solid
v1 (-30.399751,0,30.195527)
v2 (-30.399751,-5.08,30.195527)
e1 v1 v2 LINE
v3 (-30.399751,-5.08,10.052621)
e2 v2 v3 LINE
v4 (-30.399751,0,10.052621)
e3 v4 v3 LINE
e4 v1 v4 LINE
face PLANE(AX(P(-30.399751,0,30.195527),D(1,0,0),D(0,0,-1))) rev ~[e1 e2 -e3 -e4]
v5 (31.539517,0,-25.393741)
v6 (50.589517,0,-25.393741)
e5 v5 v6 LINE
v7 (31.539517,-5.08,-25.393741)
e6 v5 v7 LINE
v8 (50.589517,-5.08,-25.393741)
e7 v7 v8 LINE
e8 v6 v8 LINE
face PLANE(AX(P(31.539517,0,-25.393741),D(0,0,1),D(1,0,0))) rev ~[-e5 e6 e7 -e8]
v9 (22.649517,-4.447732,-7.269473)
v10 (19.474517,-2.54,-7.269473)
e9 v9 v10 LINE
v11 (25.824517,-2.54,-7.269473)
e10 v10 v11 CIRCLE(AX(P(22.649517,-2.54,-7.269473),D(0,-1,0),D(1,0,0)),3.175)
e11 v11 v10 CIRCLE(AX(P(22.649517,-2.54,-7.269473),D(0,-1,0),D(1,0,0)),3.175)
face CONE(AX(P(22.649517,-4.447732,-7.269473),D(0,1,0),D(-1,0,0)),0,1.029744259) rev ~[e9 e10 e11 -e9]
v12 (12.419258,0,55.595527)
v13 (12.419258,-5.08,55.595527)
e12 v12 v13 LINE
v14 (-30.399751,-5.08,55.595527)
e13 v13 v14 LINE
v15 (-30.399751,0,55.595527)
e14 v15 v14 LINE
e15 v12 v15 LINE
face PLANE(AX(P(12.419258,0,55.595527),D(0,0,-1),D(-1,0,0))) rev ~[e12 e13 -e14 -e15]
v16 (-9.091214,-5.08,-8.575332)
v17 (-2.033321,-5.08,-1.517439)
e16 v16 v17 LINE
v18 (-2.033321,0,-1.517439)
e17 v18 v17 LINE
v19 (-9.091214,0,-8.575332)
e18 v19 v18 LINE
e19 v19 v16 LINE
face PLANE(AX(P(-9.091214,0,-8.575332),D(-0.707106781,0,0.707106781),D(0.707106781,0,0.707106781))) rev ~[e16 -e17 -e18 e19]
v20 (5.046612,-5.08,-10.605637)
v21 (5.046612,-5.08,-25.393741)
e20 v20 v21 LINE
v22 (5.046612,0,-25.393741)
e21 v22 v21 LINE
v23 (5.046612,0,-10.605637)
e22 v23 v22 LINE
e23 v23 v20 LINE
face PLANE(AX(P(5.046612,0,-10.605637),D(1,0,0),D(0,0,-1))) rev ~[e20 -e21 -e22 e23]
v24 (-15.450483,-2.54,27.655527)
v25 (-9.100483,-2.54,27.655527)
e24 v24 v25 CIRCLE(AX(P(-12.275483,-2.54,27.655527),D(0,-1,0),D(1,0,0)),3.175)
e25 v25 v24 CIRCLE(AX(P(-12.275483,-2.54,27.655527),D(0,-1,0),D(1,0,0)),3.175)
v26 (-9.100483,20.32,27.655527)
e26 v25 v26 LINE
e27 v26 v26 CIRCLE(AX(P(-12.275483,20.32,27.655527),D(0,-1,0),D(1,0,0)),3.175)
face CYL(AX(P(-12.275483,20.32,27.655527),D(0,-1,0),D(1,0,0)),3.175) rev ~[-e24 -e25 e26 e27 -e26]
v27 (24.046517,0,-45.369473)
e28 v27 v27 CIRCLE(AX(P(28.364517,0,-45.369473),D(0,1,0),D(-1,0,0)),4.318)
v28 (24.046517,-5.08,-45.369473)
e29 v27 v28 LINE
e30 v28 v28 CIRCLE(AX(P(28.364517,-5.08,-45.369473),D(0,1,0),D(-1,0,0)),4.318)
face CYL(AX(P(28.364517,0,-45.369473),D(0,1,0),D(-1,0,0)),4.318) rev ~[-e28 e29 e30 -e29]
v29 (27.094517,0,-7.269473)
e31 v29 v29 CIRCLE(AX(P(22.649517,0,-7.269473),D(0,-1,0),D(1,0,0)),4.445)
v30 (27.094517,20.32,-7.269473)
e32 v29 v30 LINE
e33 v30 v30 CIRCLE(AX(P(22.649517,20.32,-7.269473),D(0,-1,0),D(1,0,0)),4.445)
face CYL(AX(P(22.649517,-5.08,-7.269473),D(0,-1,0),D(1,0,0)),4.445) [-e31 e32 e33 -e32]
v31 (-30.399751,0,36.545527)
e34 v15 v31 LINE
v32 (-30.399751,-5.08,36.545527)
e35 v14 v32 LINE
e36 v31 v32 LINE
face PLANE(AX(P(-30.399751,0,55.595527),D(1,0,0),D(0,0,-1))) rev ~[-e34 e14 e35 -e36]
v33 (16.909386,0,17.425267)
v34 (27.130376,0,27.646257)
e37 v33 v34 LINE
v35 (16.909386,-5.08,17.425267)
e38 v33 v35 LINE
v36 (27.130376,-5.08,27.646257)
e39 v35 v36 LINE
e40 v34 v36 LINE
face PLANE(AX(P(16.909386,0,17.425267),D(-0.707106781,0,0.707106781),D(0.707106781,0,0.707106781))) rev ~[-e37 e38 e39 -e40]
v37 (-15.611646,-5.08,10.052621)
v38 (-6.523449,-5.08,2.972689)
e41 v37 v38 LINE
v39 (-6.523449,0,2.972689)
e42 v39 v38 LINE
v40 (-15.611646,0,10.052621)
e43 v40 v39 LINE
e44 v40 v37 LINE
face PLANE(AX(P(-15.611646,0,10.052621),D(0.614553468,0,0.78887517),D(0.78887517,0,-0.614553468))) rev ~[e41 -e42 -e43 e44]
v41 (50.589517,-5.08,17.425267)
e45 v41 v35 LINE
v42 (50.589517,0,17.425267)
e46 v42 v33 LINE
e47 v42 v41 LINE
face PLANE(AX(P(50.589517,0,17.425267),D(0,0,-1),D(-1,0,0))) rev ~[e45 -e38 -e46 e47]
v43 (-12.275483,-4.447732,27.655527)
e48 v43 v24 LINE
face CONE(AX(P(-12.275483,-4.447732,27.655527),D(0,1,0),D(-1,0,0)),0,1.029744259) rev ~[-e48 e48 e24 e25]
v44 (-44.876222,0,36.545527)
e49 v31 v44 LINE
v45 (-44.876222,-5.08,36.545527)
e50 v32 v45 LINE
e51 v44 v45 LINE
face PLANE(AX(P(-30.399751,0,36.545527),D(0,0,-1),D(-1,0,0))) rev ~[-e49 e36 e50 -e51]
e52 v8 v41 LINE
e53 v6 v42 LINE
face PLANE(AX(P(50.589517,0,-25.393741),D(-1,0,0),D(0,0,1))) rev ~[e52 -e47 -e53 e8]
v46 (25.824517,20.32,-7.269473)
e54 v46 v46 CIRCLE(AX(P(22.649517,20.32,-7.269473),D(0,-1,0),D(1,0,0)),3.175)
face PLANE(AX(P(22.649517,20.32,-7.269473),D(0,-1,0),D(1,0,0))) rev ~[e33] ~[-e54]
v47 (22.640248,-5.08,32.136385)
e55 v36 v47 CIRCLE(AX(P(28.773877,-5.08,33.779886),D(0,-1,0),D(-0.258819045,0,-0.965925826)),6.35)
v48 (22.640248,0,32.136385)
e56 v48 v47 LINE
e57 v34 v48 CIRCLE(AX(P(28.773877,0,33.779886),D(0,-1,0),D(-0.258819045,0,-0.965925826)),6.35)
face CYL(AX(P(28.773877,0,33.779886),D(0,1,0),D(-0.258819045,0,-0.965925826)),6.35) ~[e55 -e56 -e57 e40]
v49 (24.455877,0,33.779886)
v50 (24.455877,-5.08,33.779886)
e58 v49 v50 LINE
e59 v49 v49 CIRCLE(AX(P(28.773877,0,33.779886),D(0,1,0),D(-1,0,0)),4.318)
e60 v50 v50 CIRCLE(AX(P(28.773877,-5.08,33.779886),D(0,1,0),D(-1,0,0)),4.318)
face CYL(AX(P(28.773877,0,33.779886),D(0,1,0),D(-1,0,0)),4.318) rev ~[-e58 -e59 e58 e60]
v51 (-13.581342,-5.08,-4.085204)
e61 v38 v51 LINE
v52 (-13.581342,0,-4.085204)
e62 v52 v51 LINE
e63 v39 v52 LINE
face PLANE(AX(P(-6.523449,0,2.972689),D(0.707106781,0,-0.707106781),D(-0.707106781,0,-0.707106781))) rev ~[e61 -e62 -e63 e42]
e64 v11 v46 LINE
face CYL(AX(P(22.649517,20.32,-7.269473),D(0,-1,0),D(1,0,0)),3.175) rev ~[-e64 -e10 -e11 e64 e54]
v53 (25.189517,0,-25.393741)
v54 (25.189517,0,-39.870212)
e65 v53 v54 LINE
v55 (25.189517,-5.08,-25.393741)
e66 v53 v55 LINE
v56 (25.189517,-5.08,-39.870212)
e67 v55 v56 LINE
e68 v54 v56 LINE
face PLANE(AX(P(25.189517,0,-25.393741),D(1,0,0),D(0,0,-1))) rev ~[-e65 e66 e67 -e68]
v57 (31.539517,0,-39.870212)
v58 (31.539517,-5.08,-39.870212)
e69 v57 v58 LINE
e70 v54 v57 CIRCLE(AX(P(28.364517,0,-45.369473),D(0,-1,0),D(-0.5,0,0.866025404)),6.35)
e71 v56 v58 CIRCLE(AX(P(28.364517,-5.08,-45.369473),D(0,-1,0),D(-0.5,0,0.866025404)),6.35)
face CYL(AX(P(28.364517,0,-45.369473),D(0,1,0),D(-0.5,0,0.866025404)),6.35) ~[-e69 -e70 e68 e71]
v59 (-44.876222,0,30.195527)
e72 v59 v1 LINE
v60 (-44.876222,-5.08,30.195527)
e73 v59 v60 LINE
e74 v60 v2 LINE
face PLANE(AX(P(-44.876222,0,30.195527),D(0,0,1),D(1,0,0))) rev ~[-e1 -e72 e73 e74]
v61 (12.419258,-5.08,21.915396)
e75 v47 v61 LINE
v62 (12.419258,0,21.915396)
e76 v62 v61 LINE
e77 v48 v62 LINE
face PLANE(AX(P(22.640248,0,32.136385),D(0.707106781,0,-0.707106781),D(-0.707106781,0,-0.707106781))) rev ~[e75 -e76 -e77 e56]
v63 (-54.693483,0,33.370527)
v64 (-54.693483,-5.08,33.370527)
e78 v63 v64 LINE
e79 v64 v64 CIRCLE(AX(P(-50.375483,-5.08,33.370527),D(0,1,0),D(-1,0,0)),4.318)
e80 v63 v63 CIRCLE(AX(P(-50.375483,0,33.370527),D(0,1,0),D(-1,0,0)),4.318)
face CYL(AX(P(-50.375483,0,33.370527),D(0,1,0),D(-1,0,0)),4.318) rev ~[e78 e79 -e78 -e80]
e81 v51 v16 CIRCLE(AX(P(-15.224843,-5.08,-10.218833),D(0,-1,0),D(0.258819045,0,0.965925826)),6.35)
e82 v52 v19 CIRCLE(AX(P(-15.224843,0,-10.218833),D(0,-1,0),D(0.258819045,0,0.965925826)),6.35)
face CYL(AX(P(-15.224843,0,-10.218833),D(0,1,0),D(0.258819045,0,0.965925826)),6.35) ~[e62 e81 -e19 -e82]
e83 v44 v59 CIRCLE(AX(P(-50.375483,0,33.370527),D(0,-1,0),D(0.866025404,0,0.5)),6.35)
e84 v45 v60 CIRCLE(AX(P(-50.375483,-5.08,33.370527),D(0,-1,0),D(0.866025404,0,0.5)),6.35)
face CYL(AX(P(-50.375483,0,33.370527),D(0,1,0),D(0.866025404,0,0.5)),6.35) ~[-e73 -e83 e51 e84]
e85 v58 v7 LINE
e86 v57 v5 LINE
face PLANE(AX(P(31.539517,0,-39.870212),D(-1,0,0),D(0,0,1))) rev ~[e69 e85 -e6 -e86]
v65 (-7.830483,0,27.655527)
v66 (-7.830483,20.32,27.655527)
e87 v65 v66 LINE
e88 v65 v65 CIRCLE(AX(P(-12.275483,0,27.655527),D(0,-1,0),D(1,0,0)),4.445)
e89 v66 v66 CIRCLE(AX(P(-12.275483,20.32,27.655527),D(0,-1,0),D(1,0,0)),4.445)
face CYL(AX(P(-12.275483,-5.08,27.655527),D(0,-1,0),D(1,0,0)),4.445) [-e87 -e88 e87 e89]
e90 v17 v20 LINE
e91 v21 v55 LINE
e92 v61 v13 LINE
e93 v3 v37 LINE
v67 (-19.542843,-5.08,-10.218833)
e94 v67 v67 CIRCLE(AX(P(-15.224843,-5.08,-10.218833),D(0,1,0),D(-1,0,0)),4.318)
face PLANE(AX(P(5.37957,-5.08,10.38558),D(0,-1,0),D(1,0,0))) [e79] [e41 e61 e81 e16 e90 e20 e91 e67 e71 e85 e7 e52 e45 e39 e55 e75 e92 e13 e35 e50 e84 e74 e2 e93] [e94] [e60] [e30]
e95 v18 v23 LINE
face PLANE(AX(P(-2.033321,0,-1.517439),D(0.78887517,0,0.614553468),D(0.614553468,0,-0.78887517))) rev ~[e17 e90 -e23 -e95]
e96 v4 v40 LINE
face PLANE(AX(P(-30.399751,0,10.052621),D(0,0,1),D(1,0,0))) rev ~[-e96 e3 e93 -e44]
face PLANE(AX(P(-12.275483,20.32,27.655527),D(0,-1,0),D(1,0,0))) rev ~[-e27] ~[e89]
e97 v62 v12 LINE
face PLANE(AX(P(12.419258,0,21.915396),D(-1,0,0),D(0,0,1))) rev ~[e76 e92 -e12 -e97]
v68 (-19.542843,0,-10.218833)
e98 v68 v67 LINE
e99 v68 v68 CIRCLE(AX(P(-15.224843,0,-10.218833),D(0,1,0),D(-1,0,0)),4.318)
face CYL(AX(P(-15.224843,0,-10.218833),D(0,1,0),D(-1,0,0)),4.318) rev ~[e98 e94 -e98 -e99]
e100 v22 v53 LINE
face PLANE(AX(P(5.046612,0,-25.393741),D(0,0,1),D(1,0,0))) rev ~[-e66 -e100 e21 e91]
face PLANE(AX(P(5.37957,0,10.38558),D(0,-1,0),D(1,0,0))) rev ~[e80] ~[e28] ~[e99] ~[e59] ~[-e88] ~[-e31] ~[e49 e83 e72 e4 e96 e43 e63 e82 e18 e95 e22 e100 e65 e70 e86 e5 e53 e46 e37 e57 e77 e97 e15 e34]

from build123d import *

# Parameters (mm, degrees)
F0_R                 = 4.445
F1_DEPTH             = 5.08
F2_R                 = 4.445
F3_DEPTH             = 25.4
F4_R                 = 4.318
F5_DEPTH             = 25.4
F8_D                 = 6.35
F8_DEPTH             = 22.86
F8_CBORE_D           = 6.35
F8_CBORE_DEPTH       = 12.7
F8_TIP               = 1.9077324654
F8_ON_F7_D           = 6.35
F8_ON_F7_DEPTH       = 22.86
F8_ON_F7_CBORE_D     = 6.35
F8_ON_F7_CBORE_DEPTH = 12.7
F8_ON_F7_TIP         = 1.9077324654


with BuildPart() as f1:
    # F0 (on Front) → F1 (new body)
    with BuildSketch(Plane.XZ):
        with BuildLine():
            Line((16.9093859117, 17.425267489), (27.1303756598, 27.6462572371))
            ThreePointArc((27.1303756598, 27.6462572371), (33.2640046568, 38.2700142946), (22.6402475993, 32.1363852977))
            Line((22.6402475993, 32.1363852977), (12.4192578512, 21.9153955495))
            Line((12.4192578512, 21.9153955495), (12.4192578512, 36.5455265367))
            Line((12.4192578512, 36.5455265367), (12.4192578512, 55.5955265367))
            Line((12.4192578512, 55.5955265367), (-30.3997510844, 55.5955265367))
            Line((-30.3997510844, 55.5955265367), (-30.3997510844, 36.5455265367))
            Line((-30.3997510844, 36.5455265367), (-44.8762217871, 36.5455265367))
            ThreePointArc((-44.8762217871, 36.5455265367), (-56.7254831011, 33.3705265367), (-44.8762217871, 30.1955265367))
            Line((-44.8762217871, 30.1955265367), (-30.3997510844, 30.1955265367))
            Line((-30.3997510844, 30.1955265367), (-30.3997510844, 16.4088443772))
            Line((-30.3997510844, 16.4088443772), (-30.3997510844, 10.0526214838))
            Line((-30.3997510844, 10.0526214838), (-15.6116463411, 10.0526214838))
            Line((-15.6116463411, 10.0526214838), (-6.5234490096, 2.9726886888))
            Line((-6.5234490096, 2.9726886888), (-13.581341862, -4.0852041636))
            ThreePointArc((-13.581341862, -4.0852041636), (-19.714970859, -14.7089612211), (-9.0912138015, -8.5753322242))
            Line((-9.0912138015, -8.5753322242), (-2.033320949, -1.5174393717))
            Line((-2.033320949, -1.5174393717), (5.046611846, -10.6056367033))
            Line((5.046611846, -10.6056367033), (5.046611846, -25.3937414465))
            Line((5.046611846, -25.3937414465), (11.4028347394, -25.3937414465))
            Line((11.4028347394, -25.3937414465), (25.1895168989, -25.3937414465))
            Line((25.1895168989, -25.3937414465), (25.1895168989, -39.8702121492))
            ThreePointArc((25.1895168989, -39.8702121492), (28.3645168989, -51.7194734633), (31.5395168989, -39.8702121492))
            Line((31.5395168989, -39.8702121492), (31.5395168989, -25.3937414465))
            Line((31.5395168989, -25.3937414465), (50.5895168989, -25.3937414465))
            Line((50.5895168989, -25.3937414465), (50.5895168989, 17.425267489))
            Line((50.5895168989, 17.425267489), (31.5395168989, 17.425267489))
            Line((31.5395168989, 17.425267489), (16.9093859117, 17.425267489))
        make_face()
        with Locations((22.6495168989, -7.2694734633)):
            Circle(F0_R, mode=Mode.SUBTRACT)
        with Locations((-12.2754831011, 27.6555265367)):
            Circle(F0_R, mode=Mode.SUBTRACT)
    extrude(amount=F1_DEPTH)

    # F2 (on face) → F3 (join)
    with BuildSketch(Plane.XZ.offset(5.08)):
        with Locations((-12.2754831011, 27.6555265367)):
            Circle(F2_R)
        with Locations((22.6495168989, -7.2694734633)):
            Circle(F2_R)
    extrude(amount=-F3_DEPTH)

    # F4 (on face) → F5 (cut)
    with BuildSketch(Plane(origin=(0, 0, 0), x_dir=(-1, 0, 0), z_dir=(0, 1, 0))):
        with Locations((-28.7738765962, 33.7798862341)):
            Circle(F4_R)
        with Locations((15.2248427984, -10.2188331606)):
            Circle(F4_R)
        with Locations((50.3754831011, 33.3705265367)):
            Circle(F4_R)
        with Locations((-28.3645168989, -45.3694734633)):
            Circle(F4_R)
    extrude(amount=-F5_DEPTH, mode=Mode.SUBTRACT)

    # F8
    with Locations(Plane(origin=(0, 20.32, 0), x_dir=(-1, 0, 0), z_dir=(0, 1, 0))):
        with Locations((-22.6495168989, -7.2694734633)):
            CounterBoreHole(F8_D / 2, F8_CBORE_D / 2, F8_CBORE_DEPTH, depth=F8_DEPTH)
            with Locations((0, 0, -(F8_DEPTH + F8_TIP / 2))):  # 118° drill point
                Cone(0, F8_D / 2, F8_TIP, mode=Mode.SUBTRACT)

    # F8 on F7
    with Locations(Plane(origin=(0, 20.32, 0), x_dir=(-1, 0, 0), z_dir=(0, 1, 0))):
        with Locations((12.2754831011, 27.6555265367)):
            CounterBoreHole(F8_ON_F7_D / 2, F8_ON_F7_CBORE_D / 2, F8_ON_F7_CBORE_DEPTH, depth=F8_ON_F7_DEPTH)
            with Locations((0, 0, -(F8_ON_F7_DEPTH + F8_ON_F7_TIP / 2))):  # 118° drill point
                Cone(0, F8_ON_F7_D / 2, F8_ON_F7_TIP, mode=Mode.SUBTRACT)


solid = f1.part
